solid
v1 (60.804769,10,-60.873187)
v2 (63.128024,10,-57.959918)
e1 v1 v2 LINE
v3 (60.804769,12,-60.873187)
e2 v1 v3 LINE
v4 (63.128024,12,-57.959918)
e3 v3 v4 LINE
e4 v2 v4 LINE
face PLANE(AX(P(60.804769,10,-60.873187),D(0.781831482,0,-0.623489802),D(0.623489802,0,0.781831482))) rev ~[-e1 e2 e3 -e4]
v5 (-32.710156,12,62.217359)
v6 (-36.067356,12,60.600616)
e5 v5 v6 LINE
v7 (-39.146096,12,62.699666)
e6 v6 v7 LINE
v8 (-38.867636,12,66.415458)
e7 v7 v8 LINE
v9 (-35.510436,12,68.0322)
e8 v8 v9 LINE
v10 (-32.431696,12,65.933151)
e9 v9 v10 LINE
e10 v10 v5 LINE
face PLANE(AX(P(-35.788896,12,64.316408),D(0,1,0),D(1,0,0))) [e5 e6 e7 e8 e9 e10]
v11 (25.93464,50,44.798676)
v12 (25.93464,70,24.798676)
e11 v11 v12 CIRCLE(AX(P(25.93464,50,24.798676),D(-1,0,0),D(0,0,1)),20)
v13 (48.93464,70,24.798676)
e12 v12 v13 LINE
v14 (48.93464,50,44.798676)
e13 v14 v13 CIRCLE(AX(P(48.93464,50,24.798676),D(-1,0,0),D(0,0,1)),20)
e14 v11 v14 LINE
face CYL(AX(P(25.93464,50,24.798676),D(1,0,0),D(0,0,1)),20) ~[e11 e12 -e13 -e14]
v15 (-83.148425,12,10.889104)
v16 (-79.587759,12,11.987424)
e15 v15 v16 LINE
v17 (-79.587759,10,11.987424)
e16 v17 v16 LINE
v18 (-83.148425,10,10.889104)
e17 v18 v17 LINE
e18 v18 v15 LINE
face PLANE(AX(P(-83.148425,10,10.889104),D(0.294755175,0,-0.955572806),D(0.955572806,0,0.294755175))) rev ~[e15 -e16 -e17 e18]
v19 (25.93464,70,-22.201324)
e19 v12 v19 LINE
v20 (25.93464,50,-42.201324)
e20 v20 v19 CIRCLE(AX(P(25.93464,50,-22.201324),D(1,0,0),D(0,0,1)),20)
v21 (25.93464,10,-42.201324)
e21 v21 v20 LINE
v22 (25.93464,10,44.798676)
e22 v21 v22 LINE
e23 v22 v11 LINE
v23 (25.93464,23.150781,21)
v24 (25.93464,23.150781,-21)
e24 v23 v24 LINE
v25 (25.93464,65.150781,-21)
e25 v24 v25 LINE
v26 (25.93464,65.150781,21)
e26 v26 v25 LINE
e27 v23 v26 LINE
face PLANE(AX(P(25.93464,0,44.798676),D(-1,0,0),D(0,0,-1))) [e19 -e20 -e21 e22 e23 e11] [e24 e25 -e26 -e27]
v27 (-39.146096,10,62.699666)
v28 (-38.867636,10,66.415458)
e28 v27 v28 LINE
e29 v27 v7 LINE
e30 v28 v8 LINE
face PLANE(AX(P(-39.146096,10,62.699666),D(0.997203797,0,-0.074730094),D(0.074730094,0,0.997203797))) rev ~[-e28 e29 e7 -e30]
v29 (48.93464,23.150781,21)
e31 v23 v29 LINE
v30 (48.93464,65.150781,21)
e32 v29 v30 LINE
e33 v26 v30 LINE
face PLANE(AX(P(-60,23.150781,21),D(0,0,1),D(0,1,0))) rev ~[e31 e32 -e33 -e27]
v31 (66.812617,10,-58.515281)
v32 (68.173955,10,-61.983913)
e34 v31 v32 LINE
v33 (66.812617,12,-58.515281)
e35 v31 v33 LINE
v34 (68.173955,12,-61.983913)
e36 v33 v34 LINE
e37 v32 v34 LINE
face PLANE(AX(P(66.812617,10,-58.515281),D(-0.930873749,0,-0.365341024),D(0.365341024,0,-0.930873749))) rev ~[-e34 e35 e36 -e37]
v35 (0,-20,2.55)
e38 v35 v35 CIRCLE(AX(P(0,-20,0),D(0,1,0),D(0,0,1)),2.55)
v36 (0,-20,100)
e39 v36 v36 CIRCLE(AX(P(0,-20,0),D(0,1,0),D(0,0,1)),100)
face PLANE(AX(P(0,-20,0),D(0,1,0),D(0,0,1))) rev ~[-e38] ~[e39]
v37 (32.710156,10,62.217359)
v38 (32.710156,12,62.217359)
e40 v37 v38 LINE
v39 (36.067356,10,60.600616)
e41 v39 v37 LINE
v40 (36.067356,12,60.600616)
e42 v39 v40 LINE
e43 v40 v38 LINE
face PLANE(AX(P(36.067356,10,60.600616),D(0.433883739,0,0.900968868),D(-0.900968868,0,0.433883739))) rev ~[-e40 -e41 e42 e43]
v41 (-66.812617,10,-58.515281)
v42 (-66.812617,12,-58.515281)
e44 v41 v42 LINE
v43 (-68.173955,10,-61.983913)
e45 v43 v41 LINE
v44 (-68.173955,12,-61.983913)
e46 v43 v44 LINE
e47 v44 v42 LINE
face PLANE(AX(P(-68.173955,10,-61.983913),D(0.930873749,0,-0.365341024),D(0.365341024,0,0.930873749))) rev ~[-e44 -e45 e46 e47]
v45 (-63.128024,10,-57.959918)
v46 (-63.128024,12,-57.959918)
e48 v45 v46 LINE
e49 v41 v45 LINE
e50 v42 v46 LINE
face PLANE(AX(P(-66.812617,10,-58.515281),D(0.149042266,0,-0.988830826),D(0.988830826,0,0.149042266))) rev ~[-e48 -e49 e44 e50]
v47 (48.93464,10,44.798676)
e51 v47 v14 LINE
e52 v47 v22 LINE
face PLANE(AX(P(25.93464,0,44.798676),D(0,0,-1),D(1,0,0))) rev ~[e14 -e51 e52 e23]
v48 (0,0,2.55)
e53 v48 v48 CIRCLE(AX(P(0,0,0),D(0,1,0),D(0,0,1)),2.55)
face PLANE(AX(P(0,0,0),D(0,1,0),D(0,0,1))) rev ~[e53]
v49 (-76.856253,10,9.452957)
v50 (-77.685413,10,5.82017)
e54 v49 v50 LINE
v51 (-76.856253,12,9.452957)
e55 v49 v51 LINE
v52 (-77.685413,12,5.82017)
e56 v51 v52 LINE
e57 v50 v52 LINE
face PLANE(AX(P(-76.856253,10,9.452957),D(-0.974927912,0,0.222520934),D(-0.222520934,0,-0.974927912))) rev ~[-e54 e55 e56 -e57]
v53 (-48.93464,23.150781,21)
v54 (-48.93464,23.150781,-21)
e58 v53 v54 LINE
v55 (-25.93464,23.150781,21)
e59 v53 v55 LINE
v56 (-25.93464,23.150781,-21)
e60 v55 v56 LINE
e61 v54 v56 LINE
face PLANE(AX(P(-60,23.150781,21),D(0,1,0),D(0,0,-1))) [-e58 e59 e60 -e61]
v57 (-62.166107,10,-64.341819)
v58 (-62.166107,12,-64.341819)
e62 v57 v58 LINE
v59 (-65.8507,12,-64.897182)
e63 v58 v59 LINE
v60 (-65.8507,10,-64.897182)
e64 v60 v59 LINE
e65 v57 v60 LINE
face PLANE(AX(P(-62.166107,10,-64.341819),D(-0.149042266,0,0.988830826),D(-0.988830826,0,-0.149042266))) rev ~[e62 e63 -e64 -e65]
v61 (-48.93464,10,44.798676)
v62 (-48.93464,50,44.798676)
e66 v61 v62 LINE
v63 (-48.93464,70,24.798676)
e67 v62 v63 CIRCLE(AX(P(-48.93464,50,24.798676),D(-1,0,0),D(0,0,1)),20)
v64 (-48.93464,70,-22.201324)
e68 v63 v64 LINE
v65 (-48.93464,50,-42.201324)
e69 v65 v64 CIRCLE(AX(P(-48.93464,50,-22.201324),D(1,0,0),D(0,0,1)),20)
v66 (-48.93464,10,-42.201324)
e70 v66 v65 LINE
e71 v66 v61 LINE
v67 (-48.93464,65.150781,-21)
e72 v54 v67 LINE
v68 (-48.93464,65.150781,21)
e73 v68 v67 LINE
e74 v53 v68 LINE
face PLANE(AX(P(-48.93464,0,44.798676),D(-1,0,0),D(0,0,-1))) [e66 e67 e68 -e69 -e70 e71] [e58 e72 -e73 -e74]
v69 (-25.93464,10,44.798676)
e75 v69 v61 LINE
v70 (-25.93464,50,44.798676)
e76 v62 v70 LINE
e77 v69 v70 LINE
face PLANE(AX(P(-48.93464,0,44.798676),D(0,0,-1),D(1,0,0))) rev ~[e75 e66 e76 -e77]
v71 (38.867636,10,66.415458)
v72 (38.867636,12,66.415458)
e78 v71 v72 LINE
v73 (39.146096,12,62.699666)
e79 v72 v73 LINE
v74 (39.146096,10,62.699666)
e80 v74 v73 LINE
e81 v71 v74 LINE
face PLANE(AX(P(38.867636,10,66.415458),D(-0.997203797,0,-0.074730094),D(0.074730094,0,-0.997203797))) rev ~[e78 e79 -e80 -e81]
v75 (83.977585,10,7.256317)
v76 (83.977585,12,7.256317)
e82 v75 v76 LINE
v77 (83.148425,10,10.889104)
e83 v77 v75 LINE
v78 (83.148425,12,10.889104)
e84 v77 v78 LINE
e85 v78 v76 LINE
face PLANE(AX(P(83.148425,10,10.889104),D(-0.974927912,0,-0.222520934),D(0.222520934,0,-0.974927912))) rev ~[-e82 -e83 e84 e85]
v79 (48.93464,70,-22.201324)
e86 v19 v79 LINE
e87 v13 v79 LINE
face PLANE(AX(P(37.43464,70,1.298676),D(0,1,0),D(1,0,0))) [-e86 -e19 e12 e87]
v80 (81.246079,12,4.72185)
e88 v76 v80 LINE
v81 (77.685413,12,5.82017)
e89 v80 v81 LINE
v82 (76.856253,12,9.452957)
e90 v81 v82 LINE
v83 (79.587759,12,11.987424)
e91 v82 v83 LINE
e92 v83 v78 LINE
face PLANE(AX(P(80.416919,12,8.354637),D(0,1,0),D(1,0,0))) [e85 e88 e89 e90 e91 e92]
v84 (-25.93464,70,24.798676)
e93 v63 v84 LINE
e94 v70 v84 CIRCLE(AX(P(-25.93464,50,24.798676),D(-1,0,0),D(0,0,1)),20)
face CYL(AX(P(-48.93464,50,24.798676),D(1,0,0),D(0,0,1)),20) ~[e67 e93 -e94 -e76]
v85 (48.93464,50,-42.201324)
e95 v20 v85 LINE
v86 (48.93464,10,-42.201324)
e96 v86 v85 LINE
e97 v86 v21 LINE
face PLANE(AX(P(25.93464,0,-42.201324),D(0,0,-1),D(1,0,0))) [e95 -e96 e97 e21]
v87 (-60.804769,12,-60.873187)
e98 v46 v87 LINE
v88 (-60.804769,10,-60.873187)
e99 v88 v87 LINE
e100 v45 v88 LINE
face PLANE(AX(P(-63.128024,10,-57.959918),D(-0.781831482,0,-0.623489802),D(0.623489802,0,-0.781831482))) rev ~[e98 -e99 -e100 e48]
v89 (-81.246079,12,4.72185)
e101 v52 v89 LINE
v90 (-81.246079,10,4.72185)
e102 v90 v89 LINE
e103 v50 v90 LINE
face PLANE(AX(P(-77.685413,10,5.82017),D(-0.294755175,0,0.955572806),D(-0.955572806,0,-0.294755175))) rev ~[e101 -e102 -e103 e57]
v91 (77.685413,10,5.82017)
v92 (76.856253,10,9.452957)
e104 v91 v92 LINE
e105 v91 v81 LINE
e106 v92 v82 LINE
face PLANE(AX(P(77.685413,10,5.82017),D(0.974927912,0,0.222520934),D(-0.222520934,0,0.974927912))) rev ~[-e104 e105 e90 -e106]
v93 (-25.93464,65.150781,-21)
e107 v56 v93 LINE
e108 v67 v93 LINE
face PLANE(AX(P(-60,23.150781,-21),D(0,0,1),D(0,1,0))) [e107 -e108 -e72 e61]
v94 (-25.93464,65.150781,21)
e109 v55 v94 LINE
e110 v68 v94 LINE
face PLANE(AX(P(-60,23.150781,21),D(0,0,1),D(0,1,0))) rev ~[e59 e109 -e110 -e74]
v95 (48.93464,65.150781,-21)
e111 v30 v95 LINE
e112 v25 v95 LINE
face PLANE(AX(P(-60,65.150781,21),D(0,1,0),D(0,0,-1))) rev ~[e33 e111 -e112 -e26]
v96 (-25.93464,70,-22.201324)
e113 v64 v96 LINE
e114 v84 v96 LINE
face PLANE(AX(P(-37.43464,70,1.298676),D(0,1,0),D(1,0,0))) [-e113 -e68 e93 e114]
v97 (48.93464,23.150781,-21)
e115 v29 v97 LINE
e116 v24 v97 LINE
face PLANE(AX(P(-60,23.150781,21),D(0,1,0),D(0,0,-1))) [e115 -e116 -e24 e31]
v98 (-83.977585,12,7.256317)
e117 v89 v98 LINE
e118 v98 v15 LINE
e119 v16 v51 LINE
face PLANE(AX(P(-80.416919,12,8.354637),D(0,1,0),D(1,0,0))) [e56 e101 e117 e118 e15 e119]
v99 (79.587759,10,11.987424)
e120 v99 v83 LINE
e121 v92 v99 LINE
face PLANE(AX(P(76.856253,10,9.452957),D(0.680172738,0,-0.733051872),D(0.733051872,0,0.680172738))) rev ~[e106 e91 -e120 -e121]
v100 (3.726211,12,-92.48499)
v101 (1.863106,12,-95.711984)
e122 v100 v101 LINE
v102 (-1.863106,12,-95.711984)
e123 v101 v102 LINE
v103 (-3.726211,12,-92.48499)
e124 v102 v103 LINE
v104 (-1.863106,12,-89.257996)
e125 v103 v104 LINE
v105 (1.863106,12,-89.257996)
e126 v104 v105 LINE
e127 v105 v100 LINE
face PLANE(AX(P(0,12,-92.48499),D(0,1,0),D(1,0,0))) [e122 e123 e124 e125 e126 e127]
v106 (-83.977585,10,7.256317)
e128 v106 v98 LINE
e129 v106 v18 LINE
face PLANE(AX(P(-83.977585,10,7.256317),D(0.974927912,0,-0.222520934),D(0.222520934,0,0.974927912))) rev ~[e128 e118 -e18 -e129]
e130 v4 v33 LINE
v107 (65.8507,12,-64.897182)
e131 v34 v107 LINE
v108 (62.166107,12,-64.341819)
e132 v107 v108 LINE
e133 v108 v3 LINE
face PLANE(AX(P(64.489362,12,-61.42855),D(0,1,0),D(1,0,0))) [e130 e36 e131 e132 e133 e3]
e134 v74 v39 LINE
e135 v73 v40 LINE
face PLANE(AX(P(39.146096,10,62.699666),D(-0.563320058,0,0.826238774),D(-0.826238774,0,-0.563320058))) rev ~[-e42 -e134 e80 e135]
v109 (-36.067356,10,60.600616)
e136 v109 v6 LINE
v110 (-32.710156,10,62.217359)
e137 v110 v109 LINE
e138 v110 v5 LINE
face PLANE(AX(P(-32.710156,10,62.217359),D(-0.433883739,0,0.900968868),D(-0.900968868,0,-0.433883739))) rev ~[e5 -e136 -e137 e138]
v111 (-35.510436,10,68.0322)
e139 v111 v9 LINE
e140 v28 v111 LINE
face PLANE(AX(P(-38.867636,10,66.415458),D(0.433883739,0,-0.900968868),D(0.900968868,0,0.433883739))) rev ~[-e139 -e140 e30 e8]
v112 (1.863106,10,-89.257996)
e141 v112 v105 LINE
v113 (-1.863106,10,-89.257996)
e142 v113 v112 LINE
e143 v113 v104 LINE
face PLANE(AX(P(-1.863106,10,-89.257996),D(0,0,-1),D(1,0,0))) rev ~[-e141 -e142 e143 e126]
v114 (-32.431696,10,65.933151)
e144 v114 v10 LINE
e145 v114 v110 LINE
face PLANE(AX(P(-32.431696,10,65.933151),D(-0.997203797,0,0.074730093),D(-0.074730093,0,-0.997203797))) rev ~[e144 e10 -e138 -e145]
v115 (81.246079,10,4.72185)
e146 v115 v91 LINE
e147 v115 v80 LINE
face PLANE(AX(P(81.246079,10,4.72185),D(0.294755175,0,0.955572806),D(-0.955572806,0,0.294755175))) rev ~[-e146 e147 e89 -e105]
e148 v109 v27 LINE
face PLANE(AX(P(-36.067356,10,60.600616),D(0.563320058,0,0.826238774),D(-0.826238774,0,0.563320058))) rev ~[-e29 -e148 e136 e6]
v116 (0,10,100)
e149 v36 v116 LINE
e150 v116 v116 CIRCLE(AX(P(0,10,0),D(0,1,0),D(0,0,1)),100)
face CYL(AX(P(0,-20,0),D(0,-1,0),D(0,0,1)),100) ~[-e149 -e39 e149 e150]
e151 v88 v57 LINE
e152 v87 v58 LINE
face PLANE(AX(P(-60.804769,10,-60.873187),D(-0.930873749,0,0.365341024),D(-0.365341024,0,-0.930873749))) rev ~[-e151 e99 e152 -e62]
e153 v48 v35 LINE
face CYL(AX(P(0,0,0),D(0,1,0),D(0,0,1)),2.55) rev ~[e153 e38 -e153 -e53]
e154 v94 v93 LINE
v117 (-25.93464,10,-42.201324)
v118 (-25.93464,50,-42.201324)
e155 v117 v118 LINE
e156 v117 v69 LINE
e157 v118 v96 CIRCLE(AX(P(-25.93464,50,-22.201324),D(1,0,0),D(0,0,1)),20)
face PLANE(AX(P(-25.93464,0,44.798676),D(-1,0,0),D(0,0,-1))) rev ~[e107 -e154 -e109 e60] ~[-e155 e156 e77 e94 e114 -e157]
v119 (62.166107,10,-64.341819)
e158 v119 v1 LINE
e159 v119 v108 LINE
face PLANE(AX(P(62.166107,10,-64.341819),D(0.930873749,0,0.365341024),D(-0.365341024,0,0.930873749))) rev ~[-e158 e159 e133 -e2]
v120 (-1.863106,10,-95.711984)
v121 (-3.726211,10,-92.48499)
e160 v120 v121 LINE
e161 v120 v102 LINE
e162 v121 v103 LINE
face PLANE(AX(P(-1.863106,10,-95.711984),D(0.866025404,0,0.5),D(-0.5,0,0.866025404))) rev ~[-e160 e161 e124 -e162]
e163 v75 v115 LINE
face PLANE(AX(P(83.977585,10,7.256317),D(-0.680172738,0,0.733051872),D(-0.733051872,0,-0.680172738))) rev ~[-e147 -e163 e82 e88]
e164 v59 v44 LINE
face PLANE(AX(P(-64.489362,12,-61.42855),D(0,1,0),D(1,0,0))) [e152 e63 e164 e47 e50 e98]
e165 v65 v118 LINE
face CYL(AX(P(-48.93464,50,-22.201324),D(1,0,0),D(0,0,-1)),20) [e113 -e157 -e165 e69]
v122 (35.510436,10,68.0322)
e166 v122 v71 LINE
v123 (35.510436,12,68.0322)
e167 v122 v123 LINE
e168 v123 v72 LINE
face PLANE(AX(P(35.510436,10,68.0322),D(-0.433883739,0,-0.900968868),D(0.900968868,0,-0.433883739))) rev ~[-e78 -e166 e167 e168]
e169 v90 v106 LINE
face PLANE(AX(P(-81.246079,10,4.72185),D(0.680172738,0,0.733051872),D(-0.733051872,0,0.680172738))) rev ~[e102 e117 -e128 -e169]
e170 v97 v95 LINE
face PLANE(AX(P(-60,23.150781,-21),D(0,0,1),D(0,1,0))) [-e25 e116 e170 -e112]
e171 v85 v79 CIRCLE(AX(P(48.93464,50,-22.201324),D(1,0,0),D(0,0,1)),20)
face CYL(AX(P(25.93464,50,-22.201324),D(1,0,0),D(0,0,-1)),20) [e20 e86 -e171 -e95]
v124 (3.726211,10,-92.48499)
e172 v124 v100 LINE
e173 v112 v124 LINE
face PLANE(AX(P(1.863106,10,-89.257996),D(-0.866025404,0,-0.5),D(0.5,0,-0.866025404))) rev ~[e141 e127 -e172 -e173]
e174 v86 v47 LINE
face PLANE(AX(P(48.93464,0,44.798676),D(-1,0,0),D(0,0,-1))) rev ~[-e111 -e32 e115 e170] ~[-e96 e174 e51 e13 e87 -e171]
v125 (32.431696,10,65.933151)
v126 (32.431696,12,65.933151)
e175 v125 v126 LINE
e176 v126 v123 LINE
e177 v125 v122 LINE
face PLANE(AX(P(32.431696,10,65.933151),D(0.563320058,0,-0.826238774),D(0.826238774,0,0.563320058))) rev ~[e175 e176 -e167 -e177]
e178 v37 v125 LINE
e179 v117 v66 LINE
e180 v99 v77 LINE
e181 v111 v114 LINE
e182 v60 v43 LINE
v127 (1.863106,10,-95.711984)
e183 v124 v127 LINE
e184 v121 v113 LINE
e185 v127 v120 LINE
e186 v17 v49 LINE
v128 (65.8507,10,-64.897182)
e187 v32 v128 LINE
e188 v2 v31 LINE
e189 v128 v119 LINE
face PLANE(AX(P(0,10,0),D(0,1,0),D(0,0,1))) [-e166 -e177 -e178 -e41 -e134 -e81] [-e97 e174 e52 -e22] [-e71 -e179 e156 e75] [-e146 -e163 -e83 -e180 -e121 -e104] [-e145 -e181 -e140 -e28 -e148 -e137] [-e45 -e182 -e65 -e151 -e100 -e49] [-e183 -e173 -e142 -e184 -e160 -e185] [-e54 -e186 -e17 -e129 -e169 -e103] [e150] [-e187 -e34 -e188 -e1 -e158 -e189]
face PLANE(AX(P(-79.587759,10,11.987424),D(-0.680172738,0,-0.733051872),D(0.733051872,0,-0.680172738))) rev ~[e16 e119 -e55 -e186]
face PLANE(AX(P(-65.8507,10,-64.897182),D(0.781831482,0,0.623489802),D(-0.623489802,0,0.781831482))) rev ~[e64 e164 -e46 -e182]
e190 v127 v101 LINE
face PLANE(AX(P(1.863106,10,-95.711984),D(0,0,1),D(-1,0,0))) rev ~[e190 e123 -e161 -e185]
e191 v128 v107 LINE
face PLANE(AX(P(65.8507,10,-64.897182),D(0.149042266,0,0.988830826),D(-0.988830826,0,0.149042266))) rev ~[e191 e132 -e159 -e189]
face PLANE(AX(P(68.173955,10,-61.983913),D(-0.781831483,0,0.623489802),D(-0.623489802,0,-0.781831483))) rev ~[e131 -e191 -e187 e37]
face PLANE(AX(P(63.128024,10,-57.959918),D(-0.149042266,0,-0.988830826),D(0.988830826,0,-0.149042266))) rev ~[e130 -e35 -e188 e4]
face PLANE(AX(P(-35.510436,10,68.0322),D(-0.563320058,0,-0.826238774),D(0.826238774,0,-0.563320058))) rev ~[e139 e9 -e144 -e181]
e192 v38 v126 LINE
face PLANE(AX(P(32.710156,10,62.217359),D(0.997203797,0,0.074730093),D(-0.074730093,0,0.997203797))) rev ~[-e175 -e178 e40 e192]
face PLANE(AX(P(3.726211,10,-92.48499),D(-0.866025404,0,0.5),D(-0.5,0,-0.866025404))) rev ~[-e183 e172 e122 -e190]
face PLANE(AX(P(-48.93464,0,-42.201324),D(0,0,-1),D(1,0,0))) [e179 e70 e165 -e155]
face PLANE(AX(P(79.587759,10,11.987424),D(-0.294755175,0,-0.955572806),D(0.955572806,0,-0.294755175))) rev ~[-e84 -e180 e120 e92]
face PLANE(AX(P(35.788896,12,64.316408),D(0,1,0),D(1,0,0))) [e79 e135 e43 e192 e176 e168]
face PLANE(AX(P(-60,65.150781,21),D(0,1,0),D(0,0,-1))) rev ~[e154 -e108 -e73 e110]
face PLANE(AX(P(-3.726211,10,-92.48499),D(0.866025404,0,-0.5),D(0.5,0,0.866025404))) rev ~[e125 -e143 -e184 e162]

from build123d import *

# Parameters (mm, degrees)
Y_KSEKLIK_EKSTR_ZYON1_DEPTH      = 10
Y_KSEKLIK_EKSTR_ZYON1_DEPTH_BACK = 20
IZIM1_R                          = 100
IZIM4_R                          = 2.55
KES_EKSTR_ZYON4_DEPTH            = 20.2
IZIM8_W                          = 23
IZIM8_H                          = 87
Y_KSEKLIK_EKSTR_ZYON5_DEPTH      = 70
KES_EKSTR_ZYON6_DEPTH            = 60
KES_EKSTR_ZYON6_DEPTH_BACK       = 60
IZIM9_W                          = 42
IZIM9_H                          = 42
Y_KSEKLIK_EKSTR_ZYON6_DEPTH      = 2
RADYUS1_R                        = 20


with BuildPart() as part:
    # Çizim1 → Yükseklik-Ekstrüzyon1 (new, two sides: drawn at the far end of the back side and taken through both)
    with BuildSketch(Plane(origin=(0, 0, 0), x_dir=(1, 0, 0), z_dir=(0, 1, 0)).offset(-Y_KSEKLIK_EKSTR_ZYON1_DEPTH_BACK)):
        with Locations(Location((0, 0, 0), (0, 0, 270))):
            Circle(IZIM1_R)
    extrude(amount=Y_KSEKLIK_EKSTR_ZYON1_DEPTH + Y_KSEKLIK_EKSTR_ZYON1_DEPTH_BACK)

    # Çizim4 → Kes-Ekstrüzyon4 (cut)
    with BuildSketch(Plane(origin=(0, 0, 0), x_dir=(1, 0, 0), z_dir=(0, 1, 0))):
        with Locations(Location((0, 0, 0), (0, 0, 270))):
            Circle(IZIM4_R)
    extrude(amount=-KES_EKSTR_ZYON4_DEPTH, mode=Mode.SUBTRACT)

    # Çizim8 → Yükseklik-Ekstrüzyon5 (add)
    with BuildSketch(Plane(origin=(0, 0, 0), x_dir=(1, 0, 0), z_dir=(0, 1, 0))):
        with Locations((-37.434640227, -1.29867582)):
            Rectangle(IZIM8_W, IZIM8_H)
        with Locations((37.434640227, -1.29867582)):
            Rectangle(IZIM8_W, IZIM8_H)
    extrude(amount=Y_KSEKLIK_EKSTR_ZYON5_DEPTH)

    # Çizim9 → Kes-Ekstrüzyon6 (cut, two sides: drawn at the far end of the back side and taken through both)
    with BuildSketch(Plane(origin=(0, 0, 0), x_dir=(0, 0, -1), z_dir=(1, 0, 0)).offset(-KES_EKSTR_ZYON6_DEPTH_BACK)):
        with Locations((0, 44.15078082)):
            Rectangle(IZIM9_W, IZIM9_H)
    extrude(amount=KES_EKSTR_ZYON6_DEPTH + KES_EKSTR_ZYON6_DEPTH_BACK, mode=Mode.SUBTRACT)

    # Çizim10 → Yükseklik-Ekstrüzyon6 (add)
    with BuildSketch(Plane(origin=(0, 10, 0), x_dir=(1, 0, 0), z_dir=(0, 1, 0))):
        Polygon((66.812616777, 58.515280774), (68.173954633, 61.983913061), (65.850699884, 64.897182371), (62.166107279, 64.341819393), (60.804769424, 60.873187106), (63.128024173, 57.959917797), align=None)
        Polygon((3.726211306, 92.48499002), (1.863105653, 95.711983671), (-1.863105653, 95.711983671), (-3.726211306, 92.48499002), (-1.863105653, 89.257996369), (1.863105653, 89.257996369), align=None)
        Polygon((79.587759086, -11.987424426), (83.148425279, -10.889104362), (83.977585299, -7.256316953), (81.246079126, -4.721849607), (77.685412933, -5.820169671), (76.856252913, -9.45295708), align=None)
        Polygon((32.431695509, -65.933150571), (35.510435771, -68.032200141), (38.867636153, -66.415457646), (39.146096273, -62.699665583), (36.06735601, -60.600616013), (32.710155628, -62.217358508), align=None)
        Polygon((-39.146096273, -62.699665583), (-38.867636153, -66.415457646), (-35.510435771, -68.032200141), (-32.431695509, -65.933150571), (-32.710155628, -62.217358508), (-36.06735601, -60.600616013), align=None)
        Polygon((-81.246079126, -4.721849607), (-83.977585299, -7.256316953), (-83.148425279, -10.889104362), (-79.587759086, -11.987424426), (-76.856252913, -9.45295708), (-77.685412933, -5.820169671), align=None)
        Polygon((-62.166107279, 64.341819393), (-65.850699884, 64.89718237), (-68.173954633, 61.983913061), (-66.812616777, 58.515280774), (-63.128024173, 57.959917797), (-60.804769424, 60.873187106), align=None)
    extrude(amount=Y_KSEKLIK_EKSTR_ZYON6_DEPTH)

    # Radyus1
    radyus1_edges = [part.edges().sort_by_distance(p)[0] for p in [
        (-37.434640227, 70, -42.20132418),
        (-37.434640227, 70, 44.79867582),
        (37.434640227, 70, -42.20132418),
        (37.434640227, 70, 44.79867582),
    ]]
    fillet(radyus1_edges, radius=RADYUS1_R)


solid = part.part
